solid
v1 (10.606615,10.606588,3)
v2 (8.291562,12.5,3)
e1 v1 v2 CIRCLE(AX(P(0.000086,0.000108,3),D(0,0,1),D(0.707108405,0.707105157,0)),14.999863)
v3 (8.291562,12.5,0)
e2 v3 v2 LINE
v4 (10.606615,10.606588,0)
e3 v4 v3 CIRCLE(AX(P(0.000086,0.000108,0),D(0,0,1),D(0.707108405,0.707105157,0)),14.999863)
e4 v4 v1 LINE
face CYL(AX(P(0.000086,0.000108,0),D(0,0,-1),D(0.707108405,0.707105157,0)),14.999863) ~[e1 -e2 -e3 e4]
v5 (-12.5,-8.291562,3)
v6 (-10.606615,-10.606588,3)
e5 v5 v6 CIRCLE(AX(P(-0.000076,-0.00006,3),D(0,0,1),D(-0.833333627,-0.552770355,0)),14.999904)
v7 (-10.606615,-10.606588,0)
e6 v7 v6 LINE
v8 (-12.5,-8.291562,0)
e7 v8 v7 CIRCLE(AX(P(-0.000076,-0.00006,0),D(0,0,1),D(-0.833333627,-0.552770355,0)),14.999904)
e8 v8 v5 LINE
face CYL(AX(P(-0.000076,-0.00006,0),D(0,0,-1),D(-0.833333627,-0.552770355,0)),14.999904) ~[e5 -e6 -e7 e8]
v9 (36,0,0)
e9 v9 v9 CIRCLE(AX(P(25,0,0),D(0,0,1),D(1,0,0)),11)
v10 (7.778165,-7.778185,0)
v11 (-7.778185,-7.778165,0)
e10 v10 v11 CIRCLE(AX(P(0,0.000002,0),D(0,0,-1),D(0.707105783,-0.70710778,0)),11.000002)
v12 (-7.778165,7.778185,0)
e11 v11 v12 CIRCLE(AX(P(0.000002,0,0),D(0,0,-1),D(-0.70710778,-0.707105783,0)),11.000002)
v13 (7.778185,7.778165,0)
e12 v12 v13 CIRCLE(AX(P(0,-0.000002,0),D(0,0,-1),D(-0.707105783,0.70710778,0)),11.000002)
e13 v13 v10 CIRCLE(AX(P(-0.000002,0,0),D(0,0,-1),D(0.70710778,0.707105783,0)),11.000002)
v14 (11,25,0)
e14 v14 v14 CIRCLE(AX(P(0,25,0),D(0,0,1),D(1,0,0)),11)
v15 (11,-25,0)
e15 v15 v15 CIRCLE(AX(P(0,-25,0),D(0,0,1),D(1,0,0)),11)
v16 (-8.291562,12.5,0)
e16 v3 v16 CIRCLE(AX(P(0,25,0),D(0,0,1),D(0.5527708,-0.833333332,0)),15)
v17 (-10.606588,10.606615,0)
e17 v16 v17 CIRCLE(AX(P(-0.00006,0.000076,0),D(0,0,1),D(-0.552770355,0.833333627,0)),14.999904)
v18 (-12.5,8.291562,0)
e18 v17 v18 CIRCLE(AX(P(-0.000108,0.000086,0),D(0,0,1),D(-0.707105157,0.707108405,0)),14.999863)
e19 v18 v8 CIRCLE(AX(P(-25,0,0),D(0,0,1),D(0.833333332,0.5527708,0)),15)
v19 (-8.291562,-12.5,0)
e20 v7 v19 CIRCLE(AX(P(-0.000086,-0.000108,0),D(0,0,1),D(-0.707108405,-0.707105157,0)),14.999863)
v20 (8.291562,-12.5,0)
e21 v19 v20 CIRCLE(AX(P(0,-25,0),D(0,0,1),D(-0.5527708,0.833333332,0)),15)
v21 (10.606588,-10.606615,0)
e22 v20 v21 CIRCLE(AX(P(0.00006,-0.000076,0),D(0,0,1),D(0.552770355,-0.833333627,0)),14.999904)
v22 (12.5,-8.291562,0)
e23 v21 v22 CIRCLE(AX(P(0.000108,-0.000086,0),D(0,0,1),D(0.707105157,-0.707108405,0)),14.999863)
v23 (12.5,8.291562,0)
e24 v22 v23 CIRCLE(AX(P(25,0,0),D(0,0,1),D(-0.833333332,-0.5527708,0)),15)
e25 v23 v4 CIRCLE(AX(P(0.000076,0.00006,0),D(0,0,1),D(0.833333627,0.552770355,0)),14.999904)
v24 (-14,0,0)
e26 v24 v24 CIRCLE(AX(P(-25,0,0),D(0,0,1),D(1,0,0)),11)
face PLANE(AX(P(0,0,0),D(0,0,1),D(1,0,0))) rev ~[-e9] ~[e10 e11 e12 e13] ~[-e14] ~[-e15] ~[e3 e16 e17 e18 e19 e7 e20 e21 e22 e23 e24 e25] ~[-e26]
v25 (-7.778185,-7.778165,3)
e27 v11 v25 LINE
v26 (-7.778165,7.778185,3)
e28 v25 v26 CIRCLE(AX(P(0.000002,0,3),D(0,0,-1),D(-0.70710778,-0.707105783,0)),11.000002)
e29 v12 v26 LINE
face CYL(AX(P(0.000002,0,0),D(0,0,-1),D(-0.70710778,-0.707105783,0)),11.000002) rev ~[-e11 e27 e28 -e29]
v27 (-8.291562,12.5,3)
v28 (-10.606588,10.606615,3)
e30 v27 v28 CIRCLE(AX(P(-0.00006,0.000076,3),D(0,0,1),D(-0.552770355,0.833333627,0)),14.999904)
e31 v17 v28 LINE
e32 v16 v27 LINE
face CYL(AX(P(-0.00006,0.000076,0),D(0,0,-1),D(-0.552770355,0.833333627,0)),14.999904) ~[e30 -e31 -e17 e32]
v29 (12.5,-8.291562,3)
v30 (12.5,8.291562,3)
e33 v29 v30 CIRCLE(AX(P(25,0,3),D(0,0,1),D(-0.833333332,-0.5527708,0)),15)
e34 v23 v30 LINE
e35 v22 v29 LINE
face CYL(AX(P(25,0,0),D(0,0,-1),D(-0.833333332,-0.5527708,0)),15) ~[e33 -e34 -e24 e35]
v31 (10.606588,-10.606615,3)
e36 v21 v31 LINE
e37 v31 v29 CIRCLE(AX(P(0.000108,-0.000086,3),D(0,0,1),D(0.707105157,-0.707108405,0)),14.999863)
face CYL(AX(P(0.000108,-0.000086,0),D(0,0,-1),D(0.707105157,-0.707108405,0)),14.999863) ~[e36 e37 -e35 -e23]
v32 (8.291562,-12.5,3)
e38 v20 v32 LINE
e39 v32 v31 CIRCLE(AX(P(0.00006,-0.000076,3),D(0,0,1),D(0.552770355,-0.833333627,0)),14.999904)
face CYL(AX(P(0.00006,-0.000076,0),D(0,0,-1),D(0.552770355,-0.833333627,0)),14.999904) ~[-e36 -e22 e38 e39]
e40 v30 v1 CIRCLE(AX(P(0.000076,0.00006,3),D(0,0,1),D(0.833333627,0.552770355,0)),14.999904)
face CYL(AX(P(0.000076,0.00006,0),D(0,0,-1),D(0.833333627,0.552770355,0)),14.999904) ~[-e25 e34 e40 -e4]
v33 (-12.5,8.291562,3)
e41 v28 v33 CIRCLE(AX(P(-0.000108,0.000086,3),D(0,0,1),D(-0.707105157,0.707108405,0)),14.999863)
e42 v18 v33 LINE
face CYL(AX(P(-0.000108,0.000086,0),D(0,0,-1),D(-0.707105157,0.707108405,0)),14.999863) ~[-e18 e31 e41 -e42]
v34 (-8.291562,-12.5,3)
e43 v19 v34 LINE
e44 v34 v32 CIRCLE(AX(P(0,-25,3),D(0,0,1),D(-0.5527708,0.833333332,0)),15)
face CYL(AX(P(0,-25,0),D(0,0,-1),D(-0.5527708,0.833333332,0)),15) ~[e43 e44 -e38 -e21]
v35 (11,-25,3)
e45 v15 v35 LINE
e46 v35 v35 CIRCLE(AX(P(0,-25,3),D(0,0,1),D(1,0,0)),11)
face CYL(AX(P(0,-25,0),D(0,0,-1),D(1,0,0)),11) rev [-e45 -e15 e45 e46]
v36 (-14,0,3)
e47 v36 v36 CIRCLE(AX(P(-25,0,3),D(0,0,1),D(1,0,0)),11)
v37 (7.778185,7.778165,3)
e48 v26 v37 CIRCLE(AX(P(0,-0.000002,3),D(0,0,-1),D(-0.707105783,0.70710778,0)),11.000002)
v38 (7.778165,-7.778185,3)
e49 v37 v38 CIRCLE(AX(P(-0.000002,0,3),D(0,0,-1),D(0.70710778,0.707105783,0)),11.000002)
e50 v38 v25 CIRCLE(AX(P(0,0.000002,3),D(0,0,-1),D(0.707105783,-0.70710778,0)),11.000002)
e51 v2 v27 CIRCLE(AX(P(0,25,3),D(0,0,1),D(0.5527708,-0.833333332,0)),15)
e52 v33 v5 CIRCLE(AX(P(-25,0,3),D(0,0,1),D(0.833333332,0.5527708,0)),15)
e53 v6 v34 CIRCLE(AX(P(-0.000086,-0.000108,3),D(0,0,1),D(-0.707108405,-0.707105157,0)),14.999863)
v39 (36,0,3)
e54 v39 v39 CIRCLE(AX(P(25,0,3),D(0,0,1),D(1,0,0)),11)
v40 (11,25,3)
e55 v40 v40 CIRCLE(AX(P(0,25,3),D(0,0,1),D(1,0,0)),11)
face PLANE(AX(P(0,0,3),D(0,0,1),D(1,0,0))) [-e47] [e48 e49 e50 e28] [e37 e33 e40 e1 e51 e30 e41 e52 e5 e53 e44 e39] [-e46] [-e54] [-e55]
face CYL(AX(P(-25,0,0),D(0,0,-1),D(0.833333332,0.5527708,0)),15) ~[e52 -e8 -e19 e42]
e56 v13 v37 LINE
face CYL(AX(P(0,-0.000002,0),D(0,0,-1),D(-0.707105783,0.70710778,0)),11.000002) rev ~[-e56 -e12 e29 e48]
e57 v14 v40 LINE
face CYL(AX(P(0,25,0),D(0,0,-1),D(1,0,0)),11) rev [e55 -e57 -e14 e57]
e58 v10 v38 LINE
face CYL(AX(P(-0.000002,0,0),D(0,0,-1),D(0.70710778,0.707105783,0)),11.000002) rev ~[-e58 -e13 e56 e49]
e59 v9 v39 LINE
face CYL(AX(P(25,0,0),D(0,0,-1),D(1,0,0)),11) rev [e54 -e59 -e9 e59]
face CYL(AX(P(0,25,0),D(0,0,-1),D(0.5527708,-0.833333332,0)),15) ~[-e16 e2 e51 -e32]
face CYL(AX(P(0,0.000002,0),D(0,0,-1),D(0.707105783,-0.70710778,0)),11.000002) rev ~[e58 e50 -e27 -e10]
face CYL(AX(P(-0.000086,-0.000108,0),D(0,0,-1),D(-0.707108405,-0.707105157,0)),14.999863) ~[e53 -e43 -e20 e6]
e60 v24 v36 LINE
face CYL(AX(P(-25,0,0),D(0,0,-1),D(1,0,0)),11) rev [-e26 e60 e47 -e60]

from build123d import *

# Parameters (mm, degrees)
F0_R     = 11
F1_DEPTH = 3


with BuildPart() as f1:
    # F0 (on Top) → F1 (new body)
    with BuildSketch(Plane.XY):
        with BuildLine():
            ThreePointArc((8.291562, 12.5), (0, 40), (-8.291562, 12.5))
            ThreePointArc((-8.291562, 12.5), (-9.496381, 11.611148), (-10.606588, 10.606615))
            ThreePointArc((-10.606588, 10.606615), (-11.611136, 9.496396), (-12.5, 8.291562))
            ThreePointArc((-12.5, 8.291562), (-40, 0), (-12.5, -8.291562))
            ThreePointArc((-12.5, -8.291562), (-11.611148, -9.496381), (-10.606615, -10.606588))
            ThreePointArc((-10.606615, -10.606588), (-9.496396, -11.611136), (-8.291562, -12.5))
            ThreePointArc((-8.291562, -12.5), (0, -40), (8.291562, -12.5))
            ThreePointArc((8.291562, -12.5), (9.496381, -11.611148), (10.606588, -10.606615))
            ThreePointArc((10.606588, -10.606615), (11.611136, -9.496396), (12.5, -8.291562))
            ThreePointArc((12.5, -8.291562), (40, 0), (12.5, 8.291562))
            ThreePointArc((12.5, 8.291562), (11.611148, 9.496381), (10.606615, 10.606588))
            ThreePointArc((10.606615, 10.606588), (9.496396, 11.611136), (8.291562, 12.5))
        make_face()
        with Locations((0, -25)):
            Circle(F0_R, mode=Mode.SUBTRACT)
        with Locations((-25, 0)):
            Circle(F0_R, mode=Mode.SUBTRACT)
        with BuildLine():
            ThreePointArc((-7.778165, 7.778185), (1.4e-05, 11), (7.778185, 7.778165))
            ThreePointArc((7.778185, 7.778165), (11, -1.4e-05), (7.778165, -7.778185))
            ThreePointArc((7.778165, -7.778185), (-1.4e-05, -11), (-7.778185, -7.778165))
            ThreePointArc((-7.778185, -7.778165), (-11, 1.4e-05), (-7.778165, 7.778185))
        make_face(mode=Mode.SUBTRACT)
        with Locations((25, 0)):
            Circle(F0_R, mode=Mode.SUBTRACT)
        with Locations((0, 25)):
            Circle(F0_R, mode=Mode.SUBTRACT)
    extrude(amount=F1_DEPTH)


solid = f1.part
